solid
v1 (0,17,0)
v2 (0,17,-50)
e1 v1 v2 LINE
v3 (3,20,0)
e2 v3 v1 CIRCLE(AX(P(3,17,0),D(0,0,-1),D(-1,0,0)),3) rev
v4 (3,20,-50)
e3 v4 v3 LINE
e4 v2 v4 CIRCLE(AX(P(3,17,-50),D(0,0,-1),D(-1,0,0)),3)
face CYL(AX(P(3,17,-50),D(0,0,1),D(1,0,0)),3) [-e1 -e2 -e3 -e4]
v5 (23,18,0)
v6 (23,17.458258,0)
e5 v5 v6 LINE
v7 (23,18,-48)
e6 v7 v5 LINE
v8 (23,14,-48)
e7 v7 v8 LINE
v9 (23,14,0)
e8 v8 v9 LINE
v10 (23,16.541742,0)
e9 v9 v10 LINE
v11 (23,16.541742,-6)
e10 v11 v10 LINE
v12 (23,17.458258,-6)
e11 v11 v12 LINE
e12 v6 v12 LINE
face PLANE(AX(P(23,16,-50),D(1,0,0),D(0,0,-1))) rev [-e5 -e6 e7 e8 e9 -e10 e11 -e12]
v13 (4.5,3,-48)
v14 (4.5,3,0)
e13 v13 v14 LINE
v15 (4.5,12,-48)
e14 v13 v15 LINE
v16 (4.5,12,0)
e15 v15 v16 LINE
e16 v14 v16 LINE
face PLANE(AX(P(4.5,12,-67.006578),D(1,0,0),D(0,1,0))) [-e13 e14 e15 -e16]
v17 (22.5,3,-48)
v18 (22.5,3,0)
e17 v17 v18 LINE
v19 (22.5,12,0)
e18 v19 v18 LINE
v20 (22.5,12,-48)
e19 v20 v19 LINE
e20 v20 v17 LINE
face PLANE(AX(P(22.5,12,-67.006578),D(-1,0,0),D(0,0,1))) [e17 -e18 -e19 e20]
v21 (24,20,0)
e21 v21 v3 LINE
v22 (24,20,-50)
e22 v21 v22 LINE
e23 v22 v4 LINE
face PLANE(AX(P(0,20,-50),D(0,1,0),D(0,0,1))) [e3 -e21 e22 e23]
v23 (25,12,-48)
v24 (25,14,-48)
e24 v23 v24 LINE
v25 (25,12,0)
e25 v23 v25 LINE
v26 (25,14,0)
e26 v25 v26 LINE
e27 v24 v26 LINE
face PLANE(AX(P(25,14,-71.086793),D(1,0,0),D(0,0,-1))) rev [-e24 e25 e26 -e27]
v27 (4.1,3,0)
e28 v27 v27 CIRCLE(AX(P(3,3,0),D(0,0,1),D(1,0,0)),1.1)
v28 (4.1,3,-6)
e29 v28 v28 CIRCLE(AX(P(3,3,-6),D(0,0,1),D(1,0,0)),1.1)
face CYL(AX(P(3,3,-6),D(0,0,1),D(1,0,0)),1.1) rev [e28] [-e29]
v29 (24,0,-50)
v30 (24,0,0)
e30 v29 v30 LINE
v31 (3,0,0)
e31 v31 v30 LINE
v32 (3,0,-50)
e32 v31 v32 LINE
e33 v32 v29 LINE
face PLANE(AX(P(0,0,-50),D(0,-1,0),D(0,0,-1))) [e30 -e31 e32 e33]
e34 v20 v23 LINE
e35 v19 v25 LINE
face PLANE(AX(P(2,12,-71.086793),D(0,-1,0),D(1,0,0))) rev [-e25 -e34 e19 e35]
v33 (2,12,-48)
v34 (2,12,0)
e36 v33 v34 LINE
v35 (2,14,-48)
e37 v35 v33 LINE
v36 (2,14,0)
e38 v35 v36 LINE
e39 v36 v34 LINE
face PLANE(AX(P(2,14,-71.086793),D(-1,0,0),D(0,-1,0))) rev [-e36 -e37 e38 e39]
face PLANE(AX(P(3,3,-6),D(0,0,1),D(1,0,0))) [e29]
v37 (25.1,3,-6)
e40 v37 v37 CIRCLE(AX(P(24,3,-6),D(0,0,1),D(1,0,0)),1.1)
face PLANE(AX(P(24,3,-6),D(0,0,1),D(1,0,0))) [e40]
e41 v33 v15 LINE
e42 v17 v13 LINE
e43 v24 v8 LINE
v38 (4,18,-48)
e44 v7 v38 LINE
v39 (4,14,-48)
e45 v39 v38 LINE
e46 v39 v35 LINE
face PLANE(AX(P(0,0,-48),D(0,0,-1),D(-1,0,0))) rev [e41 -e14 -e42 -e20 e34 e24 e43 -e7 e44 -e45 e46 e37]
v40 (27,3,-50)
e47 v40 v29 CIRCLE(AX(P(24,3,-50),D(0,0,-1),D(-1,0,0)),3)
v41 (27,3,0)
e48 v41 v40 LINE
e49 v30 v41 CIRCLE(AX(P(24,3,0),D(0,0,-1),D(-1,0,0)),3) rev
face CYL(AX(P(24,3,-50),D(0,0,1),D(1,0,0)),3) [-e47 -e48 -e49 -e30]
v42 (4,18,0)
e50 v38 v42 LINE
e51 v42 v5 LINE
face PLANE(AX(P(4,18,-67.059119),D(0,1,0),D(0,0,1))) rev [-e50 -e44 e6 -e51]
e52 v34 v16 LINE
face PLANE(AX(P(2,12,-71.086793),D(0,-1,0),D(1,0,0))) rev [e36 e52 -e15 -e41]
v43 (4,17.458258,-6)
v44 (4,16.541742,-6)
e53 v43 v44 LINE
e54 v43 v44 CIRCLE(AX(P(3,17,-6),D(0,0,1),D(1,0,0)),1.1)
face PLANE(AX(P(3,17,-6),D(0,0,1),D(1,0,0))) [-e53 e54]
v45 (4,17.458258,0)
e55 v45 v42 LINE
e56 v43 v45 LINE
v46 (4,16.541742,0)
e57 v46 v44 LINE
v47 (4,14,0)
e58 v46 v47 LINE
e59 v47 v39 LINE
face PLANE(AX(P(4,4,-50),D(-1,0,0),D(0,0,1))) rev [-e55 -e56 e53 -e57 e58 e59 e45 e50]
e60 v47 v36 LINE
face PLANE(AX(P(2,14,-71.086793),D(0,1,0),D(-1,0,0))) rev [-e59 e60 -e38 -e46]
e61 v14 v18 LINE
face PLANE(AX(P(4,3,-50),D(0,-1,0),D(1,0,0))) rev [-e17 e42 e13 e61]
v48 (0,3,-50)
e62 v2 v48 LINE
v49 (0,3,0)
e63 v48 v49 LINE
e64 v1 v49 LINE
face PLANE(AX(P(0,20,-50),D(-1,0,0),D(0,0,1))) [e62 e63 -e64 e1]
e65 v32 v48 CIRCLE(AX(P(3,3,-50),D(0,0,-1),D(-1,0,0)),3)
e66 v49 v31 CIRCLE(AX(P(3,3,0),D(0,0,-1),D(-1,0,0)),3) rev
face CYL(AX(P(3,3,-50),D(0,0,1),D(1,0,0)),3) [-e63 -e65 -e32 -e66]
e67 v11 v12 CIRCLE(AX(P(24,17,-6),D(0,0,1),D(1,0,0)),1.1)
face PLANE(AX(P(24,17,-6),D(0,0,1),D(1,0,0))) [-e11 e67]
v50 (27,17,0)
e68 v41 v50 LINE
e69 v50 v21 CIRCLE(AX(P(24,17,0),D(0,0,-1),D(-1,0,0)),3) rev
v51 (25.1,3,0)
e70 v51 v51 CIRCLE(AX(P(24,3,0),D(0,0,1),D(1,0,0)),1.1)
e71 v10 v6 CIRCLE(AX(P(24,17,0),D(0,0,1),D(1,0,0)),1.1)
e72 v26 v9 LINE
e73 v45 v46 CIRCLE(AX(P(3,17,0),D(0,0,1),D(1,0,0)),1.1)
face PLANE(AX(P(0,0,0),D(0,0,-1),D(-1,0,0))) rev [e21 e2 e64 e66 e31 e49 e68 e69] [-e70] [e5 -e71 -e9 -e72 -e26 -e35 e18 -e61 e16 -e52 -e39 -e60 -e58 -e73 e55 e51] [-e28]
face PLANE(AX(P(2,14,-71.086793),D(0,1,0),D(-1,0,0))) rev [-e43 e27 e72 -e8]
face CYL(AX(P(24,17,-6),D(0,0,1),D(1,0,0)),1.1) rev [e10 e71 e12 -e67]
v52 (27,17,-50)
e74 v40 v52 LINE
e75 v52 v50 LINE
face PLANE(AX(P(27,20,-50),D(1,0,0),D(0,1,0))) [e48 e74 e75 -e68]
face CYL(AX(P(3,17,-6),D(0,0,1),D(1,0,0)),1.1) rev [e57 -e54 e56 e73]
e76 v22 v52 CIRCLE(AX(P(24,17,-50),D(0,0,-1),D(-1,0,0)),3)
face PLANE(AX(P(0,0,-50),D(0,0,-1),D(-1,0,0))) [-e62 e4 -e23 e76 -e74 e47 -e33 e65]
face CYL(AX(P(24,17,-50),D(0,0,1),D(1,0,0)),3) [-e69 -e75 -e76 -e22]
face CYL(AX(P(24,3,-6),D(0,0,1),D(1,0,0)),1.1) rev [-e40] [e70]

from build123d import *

# Parameters (mm, degrees)
SKETCH1_W               = 27
SKETCH1_H               = 20
BOSS_EXTRUDE1_DEPTH     = 50
SKETCH2_W               = 19
SKETCH2_H               = 14
BOSS_EXTRUDE2_DEPTH     = 2
SKETCH3_W               = 23
SKETCH3_H               = 2
CUT_EXTRUDE1_DEPTH      = 48
SKETCH4_W               = 0.5
SKETCH4_H               = 9
SKETCH4_W_2             = 19
SKETCH4_H_2             = 0.5
BOSS_EXTRUDE3_DEPTH     = 48
FILLET1_R               = 3
SKETCH6_R               = 1.1
CUT_EXTRUDE2_DEPTH      = 6
CUT_EXTRUDE3_DEPTH      = 61.241181927
CUT_EXTRUDE3_DEPTH_BACK = 48
SKETCH14_W              = 19
SKETCH14_H              = 1.5


with BuildPart() as part:
    # Sketch1 → Boss-Extrude1 (new body)
    with BuildSketch(Plane.XY):
        with Locations((13.5, 10)):
            Rectangle(SKETCH1_W, SKETCH1_H)
        Polygon((4, 17), (23, 17), (23, 16), (23, 4), (23, 3), (4, 3), (4, 4), (4, 16), align=None, mode=Mode.SUBTRACT)
    extrude(amount=-BOSS_EXTRUDE1_DEPTH)

    # Sketch2 → Boss-Extrude2 (add)
    with BuildSketch(Plane(origin=(0, 0, -50), x_dir=(-1, 0, 0), z_dir=(0, 0, -1))):
        with Locations((-13.5, 10)):
            Rectangle(SKETCH2_W, SKETCH2_H)
    extrude(amount=-BOSS_EXTRUDE2_DEPTH)

    # Sketch3 → Cut-Extrude1 (cut)
    with BuildSketch(Plane.XY):
        with Locations((13.5, 13)):
            Rectangle(SKETCH3_W, SKETCH3_H)
    extrude(amount=-CUT_EXTRUDE1_DEPTH, mode=Mode.SUBTRACT)

    # Sketch4 → Boss-Extrude3 (add)
    with BuildSketch(Plane.XY):
        with Locations((4.25, 7.5)):
            Rectangle(SKETCH4_W, SKETCH4_H)
        with Locations((22.75, 7.5)):
            Rectangle(SKETCH4_W, SKETCH4_H)
        with Locations((13.5, 16.75)):
            Rectangle(SKETCH4_W_2, SKETCH4_H_2)
    extrude(amount=-BOSS_EXTRUDE3_DEPTH)

    # Fillet1
    fillet1_edges = [part.edges().sort_by_distance(p)[0] for p in [
        (0, 0, -25),
        (0, 20, -25),
        (27, 20, -25),
        (27, 0, -25),
    ]]
    fillet(fillet1_edges, radius=FILLET1_R)

    # Sketch6 → Cut-Extrude2 (cut)
    with BuildSketch(Plane.XY):
        with Locations((3, 17)):
            Circle(SKETCH6_R)
        with Locations((24, 17)):
            Circle(SKETCH6_R)
        with Locations((24, 3)):
            Circle(SKETCH6_R)
        with Locations((3, 3)):
            Circle(SKETCH6_R)
    extrude(amount=-CUT_EXTRUDE2_DEPTH, mode=Mode.SUBTRACT)

    # Sketch14 → Cut-Extrude3 (cut, two sides: drawn at the far end of the back side and taken through both)
    with BuildSketch(Plane.XY.offset(-CUT_EXTRUDE3_DEPTH_BACK)):
        with Locations((13.5, 17.25)):
            Rectangle(SKETCH14_W, SKETCH14_H)
    extrude(amount=CUT_EXTRUDE3_DEPTH + CUT_EXTRUDE3_DEPTH_BACK, mode=Mode.SUBTRACT)


solid = part.part
